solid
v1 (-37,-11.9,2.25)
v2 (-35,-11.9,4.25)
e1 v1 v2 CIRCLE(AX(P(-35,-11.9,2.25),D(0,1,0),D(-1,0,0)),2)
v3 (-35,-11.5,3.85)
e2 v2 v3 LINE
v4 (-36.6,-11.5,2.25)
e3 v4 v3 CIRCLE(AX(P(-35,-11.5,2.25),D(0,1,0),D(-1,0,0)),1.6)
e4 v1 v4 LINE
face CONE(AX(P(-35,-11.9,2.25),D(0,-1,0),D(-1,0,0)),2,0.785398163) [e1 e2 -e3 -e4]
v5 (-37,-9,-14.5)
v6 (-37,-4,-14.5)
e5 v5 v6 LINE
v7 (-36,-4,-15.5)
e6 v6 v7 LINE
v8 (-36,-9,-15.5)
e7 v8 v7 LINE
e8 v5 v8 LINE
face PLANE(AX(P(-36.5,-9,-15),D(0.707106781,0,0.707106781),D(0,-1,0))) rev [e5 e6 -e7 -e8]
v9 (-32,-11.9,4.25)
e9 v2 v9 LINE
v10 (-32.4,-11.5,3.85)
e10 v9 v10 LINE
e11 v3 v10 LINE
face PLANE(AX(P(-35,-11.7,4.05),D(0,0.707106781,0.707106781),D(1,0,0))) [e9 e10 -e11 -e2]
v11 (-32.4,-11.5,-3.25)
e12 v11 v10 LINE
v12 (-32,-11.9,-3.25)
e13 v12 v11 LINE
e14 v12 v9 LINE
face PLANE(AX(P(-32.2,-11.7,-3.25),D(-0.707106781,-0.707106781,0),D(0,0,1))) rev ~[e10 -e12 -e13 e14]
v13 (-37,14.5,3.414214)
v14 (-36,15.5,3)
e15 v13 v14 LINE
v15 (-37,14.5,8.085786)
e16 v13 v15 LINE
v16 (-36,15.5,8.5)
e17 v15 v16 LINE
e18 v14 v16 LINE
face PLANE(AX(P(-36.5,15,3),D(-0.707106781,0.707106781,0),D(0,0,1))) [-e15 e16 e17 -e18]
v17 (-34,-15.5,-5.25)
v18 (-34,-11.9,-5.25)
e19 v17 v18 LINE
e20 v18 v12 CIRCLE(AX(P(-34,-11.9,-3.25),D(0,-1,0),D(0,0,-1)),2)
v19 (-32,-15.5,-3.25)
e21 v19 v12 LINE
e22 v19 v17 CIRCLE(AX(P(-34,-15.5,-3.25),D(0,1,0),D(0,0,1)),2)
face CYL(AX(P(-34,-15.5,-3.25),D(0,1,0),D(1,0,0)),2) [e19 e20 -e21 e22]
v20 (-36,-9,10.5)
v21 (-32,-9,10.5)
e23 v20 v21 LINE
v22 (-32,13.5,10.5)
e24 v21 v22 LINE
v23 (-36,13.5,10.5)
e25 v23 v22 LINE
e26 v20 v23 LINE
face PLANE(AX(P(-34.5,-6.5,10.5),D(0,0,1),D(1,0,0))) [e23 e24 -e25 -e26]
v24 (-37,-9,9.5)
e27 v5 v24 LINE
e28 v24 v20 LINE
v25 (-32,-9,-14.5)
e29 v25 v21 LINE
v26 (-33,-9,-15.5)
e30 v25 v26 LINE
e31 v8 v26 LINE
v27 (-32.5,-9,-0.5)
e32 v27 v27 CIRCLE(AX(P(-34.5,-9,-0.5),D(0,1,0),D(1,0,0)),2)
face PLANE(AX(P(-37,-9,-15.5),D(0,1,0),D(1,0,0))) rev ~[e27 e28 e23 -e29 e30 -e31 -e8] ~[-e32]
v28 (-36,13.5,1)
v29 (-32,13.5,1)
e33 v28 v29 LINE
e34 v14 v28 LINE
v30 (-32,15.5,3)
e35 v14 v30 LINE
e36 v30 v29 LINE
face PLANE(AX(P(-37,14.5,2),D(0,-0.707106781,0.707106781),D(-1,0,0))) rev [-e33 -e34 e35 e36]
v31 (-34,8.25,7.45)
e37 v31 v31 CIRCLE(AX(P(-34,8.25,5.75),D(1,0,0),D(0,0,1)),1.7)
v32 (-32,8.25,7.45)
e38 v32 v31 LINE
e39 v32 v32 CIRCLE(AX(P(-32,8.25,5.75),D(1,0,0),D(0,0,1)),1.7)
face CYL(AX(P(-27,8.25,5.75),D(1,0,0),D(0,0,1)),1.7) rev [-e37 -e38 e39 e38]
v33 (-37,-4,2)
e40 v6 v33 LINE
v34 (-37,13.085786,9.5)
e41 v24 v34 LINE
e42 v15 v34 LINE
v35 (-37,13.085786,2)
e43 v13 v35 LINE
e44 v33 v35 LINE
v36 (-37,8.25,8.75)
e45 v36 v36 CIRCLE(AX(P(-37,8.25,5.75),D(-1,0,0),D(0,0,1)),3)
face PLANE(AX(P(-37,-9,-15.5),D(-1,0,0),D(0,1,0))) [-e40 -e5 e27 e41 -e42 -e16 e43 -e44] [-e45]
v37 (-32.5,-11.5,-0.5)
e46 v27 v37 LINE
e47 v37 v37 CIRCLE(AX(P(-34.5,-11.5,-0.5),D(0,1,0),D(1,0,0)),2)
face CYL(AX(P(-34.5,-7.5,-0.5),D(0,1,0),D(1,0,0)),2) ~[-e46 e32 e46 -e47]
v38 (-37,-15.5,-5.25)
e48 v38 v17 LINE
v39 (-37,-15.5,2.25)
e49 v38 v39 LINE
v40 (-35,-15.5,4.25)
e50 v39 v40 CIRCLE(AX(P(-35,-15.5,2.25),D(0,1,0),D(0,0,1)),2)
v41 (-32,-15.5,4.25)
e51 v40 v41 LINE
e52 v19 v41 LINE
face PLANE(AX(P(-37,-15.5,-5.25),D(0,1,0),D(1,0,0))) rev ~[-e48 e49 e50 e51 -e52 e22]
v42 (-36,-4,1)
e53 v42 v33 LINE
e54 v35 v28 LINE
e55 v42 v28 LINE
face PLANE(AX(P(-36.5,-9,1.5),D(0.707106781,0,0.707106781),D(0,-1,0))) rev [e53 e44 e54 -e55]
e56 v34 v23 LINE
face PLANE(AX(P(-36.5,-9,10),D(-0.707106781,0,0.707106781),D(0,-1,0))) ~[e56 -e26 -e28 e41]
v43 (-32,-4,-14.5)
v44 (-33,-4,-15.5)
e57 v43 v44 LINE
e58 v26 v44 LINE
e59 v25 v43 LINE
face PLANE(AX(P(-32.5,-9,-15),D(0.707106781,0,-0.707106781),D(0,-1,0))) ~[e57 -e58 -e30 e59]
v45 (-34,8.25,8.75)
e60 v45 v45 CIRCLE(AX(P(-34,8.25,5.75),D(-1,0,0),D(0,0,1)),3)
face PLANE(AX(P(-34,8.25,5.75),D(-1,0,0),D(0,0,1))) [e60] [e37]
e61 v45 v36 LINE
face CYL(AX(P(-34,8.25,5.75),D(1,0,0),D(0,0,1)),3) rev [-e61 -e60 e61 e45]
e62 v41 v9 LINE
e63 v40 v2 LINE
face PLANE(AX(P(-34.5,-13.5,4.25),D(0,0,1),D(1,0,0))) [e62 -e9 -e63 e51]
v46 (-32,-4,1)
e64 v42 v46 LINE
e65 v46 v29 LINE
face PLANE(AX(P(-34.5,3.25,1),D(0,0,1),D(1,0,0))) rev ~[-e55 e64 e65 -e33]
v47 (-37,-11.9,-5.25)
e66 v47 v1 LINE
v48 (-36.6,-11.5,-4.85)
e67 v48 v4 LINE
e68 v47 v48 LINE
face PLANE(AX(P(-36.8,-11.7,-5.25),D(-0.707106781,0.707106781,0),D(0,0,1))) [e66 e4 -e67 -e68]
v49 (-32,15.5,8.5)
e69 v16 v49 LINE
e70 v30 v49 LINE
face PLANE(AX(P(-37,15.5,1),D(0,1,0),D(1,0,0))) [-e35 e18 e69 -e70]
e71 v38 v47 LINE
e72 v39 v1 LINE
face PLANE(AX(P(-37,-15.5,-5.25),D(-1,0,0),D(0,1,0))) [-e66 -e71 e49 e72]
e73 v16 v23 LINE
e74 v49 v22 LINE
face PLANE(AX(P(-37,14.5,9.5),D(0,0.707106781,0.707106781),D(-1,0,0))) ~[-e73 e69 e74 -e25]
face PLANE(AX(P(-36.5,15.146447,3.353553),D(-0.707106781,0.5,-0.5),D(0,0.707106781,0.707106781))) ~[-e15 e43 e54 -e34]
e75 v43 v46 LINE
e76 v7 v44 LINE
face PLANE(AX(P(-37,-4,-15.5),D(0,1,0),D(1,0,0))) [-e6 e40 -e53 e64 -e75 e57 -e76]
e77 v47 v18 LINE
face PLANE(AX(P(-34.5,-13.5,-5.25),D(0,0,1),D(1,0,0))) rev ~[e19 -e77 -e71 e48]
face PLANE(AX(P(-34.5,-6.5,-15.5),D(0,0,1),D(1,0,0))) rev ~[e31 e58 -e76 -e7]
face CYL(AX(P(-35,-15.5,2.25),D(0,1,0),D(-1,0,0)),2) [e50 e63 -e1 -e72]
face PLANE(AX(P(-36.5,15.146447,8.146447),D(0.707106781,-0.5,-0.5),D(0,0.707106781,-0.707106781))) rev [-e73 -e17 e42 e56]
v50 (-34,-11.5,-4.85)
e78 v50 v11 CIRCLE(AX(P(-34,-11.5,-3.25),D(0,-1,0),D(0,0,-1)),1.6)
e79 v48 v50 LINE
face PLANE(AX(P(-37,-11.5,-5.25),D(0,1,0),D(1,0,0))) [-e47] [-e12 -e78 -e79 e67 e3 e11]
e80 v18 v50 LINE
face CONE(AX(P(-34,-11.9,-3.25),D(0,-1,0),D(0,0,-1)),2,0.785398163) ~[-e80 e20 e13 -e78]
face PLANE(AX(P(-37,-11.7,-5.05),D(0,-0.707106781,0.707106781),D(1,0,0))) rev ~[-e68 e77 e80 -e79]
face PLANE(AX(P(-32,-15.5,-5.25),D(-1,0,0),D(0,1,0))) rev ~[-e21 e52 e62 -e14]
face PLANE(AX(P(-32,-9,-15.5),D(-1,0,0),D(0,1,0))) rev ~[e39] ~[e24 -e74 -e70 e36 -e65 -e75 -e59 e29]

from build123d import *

# Parameters (mm, degrees)
CYLINDER024_R     = 3
CYLINDER024_DEPTH = 3
CYLINDER027_R     = 1.7
CYLINDER027_DEPTH = 10
CYLINDER030_R     = 2
CYLINDER030_DEPTH = 6
BOX038_W          = 5
BOX038_H          = 5
BOX038_DEPTH      = 26
CHAMFER011_SIZE   = 1
BOX032_W          = 5
BOX032_H          = 24.5
BOX032_DEPTH      = 9.5
CHAMFER005_SIZE   = 2
CHAMFER006_SIZE   = 1
BOX034_W          = 5
BOX034_H          = 4
BOX034_DEPTH      = 9.5
FILLET_R          = 2
CHAMFER013_SIZE   = 0.4


with BuildPart() as cylinder024:
    # Cylinder024 → Cylinder024 (new body)
    with BuildSketch(Plane(origin=(-34, 8.25, 5.75), x_dir=(0, 0, 1), z_dir=(-1, 0, 0))):
        Circle(CYLINDER024_R)
    extrude(amount=CYLINDER024_DEPTH)


with BuildPart() as cylinder027:
    # Cylinder027 → Cylinder027 (new body)
    with BuildSketch(Plane(origin=(-27, 8.25, 5.75), x_dir=(0, 0, 1), z_dir=(-1, 0, 0))):
        Circle(CYLINDER027_R)
    extrude(amount=CYLINDER027_DEPTH)


with BuildPart() as cylinder030:
    # Cylinder030 → Cylinder030 (new body)
    with BuildSketch(Plane(origin=(-34.5, -7.5, -0.5), x_dir=(1, 0, 0), z_dir=(0, -1, 0))):
        Circle(CYLINDER030_R)
    extrude(amount=CYLINDER030_DEPTH)


with BuildPart() as chamfer011:
    # Box038 → Box038 (new body)
    with BuildSketch(Plane(origin=(-37, -9, -15.5), x_dir=(1, 0, 0), z_dir=(0, 0, 1))):
        with Locations((2.5, 2.5)):
            Rectangle(BOX038_W, BOX038_H)
    extrude(amount=BOX038_DEPTH)

    # Chamfer011
    chamfer011_edges = [chamfer011.edges().sort_by_distance(p)[0] for p in [
        (-37, -6.5, 10.5),
        (-37, -6.5, -15.5),
        (-32, -6.5, -15.5),
    ]]
    chamfer(chamfer011_edges, length=CHAMFER011_SIZE)


with BuildPart() as chamfer006:
    # Box032 → Box032 (new body)
    with BuildSketch(Plane(origin=(-37, -9, 1), x_dir=(1, 0, 0), z_dir=(0, 0, 1))):
        with Locations((2.5, 12.25)):
            Rectangle(BOX032_W, BOX032_H)
    extrude(amount=BOX032_DEPTH)

    # Chamfer005
    chamfer005_edges = [chamfer006.edges().sort_by_distance(p)[0] for p in [
        (-34.5, 15.5, 1),
        (-34.5, 15.5, 10.5),
    ]]
    chamfer(chamfer005_edges, length=CHAMFER005_SIZE)

    # Chamfer006
    chamfer006_edges = [chamfer006.edges().sort_by_distance(p)[0] for p in [
        (-37, 2.25, 10.5),
        (-37, 14.5, 9.5),
        (-37, 15.5, 5.75),
        (-37, 2.25, 1),
        (-37, 14.5, 2),
    ]]
    chamfer(chamfer006_edges, length=CHAMFER006_SIZE)


with BuildPart() as cut007016010:
    # Box034 → Box034 (new body)
    with BuildSketch(Plane(origin=(-37, -15, 1), x_dir=(1, 0, 0), z_dir=(0, 0, 1))):
        with Locations((2.5, 2)):
            Rectangle(BOX034_W, BOX034_H)
    extrude(amount=BOX034_DEPTH)

    # Fillet
    fillet_edges = [cut007016010.edges().sort_by_distance(p)[0] for p in [
        (-37, -13, 10.5),
        (-32, -13, 1),
    ]]
    fillet(fillet_edges, radius=FILLET_R)


with BuildPart() as cut007016010_1:
    # Fillet placement: moved
    add(cut007016010.part.moved(Location((0, -0.25, -6.25))))

    # Chamfer013
    chamfer013_edges = [cut007016010_1.edges().sort_by_distance(p)[0] for p in [
        (-37, -11.25, -1.5),
        (-36.414214, -11.25, 3.664214),
        (-35.5, -11.25, -5.25),
        (-32.585786, -11.25, -4.664214),
        (-32, -11.25, 0.5),
        (-33.5, -11.25, 4.25),
    ]]
    chamfer(chamfer013_edges, length=CHAMFER013_SIZE)


with BuildPart() as cut007016010_2:
    # Chamfer013 placement: moved
    add(cut007016010_1.part.moved(Location((0, -0.25, 0))))

    # Fusion003007006014: union Cylinder030, Chamfer011, Chamfer006
    add(cylinder030.part)
    add(chamfer011.part)
    add(chamfer006.part)

    # Cut007016009: cut Cylinder027
    add(cylinder027.part, mode=Mode.SUBTRACT)

    # Cut007016010: cut Cylinder024
    add(cylinder024.part, mode=Mode.SUBTRACT)


solid = cut007016010_2.part
